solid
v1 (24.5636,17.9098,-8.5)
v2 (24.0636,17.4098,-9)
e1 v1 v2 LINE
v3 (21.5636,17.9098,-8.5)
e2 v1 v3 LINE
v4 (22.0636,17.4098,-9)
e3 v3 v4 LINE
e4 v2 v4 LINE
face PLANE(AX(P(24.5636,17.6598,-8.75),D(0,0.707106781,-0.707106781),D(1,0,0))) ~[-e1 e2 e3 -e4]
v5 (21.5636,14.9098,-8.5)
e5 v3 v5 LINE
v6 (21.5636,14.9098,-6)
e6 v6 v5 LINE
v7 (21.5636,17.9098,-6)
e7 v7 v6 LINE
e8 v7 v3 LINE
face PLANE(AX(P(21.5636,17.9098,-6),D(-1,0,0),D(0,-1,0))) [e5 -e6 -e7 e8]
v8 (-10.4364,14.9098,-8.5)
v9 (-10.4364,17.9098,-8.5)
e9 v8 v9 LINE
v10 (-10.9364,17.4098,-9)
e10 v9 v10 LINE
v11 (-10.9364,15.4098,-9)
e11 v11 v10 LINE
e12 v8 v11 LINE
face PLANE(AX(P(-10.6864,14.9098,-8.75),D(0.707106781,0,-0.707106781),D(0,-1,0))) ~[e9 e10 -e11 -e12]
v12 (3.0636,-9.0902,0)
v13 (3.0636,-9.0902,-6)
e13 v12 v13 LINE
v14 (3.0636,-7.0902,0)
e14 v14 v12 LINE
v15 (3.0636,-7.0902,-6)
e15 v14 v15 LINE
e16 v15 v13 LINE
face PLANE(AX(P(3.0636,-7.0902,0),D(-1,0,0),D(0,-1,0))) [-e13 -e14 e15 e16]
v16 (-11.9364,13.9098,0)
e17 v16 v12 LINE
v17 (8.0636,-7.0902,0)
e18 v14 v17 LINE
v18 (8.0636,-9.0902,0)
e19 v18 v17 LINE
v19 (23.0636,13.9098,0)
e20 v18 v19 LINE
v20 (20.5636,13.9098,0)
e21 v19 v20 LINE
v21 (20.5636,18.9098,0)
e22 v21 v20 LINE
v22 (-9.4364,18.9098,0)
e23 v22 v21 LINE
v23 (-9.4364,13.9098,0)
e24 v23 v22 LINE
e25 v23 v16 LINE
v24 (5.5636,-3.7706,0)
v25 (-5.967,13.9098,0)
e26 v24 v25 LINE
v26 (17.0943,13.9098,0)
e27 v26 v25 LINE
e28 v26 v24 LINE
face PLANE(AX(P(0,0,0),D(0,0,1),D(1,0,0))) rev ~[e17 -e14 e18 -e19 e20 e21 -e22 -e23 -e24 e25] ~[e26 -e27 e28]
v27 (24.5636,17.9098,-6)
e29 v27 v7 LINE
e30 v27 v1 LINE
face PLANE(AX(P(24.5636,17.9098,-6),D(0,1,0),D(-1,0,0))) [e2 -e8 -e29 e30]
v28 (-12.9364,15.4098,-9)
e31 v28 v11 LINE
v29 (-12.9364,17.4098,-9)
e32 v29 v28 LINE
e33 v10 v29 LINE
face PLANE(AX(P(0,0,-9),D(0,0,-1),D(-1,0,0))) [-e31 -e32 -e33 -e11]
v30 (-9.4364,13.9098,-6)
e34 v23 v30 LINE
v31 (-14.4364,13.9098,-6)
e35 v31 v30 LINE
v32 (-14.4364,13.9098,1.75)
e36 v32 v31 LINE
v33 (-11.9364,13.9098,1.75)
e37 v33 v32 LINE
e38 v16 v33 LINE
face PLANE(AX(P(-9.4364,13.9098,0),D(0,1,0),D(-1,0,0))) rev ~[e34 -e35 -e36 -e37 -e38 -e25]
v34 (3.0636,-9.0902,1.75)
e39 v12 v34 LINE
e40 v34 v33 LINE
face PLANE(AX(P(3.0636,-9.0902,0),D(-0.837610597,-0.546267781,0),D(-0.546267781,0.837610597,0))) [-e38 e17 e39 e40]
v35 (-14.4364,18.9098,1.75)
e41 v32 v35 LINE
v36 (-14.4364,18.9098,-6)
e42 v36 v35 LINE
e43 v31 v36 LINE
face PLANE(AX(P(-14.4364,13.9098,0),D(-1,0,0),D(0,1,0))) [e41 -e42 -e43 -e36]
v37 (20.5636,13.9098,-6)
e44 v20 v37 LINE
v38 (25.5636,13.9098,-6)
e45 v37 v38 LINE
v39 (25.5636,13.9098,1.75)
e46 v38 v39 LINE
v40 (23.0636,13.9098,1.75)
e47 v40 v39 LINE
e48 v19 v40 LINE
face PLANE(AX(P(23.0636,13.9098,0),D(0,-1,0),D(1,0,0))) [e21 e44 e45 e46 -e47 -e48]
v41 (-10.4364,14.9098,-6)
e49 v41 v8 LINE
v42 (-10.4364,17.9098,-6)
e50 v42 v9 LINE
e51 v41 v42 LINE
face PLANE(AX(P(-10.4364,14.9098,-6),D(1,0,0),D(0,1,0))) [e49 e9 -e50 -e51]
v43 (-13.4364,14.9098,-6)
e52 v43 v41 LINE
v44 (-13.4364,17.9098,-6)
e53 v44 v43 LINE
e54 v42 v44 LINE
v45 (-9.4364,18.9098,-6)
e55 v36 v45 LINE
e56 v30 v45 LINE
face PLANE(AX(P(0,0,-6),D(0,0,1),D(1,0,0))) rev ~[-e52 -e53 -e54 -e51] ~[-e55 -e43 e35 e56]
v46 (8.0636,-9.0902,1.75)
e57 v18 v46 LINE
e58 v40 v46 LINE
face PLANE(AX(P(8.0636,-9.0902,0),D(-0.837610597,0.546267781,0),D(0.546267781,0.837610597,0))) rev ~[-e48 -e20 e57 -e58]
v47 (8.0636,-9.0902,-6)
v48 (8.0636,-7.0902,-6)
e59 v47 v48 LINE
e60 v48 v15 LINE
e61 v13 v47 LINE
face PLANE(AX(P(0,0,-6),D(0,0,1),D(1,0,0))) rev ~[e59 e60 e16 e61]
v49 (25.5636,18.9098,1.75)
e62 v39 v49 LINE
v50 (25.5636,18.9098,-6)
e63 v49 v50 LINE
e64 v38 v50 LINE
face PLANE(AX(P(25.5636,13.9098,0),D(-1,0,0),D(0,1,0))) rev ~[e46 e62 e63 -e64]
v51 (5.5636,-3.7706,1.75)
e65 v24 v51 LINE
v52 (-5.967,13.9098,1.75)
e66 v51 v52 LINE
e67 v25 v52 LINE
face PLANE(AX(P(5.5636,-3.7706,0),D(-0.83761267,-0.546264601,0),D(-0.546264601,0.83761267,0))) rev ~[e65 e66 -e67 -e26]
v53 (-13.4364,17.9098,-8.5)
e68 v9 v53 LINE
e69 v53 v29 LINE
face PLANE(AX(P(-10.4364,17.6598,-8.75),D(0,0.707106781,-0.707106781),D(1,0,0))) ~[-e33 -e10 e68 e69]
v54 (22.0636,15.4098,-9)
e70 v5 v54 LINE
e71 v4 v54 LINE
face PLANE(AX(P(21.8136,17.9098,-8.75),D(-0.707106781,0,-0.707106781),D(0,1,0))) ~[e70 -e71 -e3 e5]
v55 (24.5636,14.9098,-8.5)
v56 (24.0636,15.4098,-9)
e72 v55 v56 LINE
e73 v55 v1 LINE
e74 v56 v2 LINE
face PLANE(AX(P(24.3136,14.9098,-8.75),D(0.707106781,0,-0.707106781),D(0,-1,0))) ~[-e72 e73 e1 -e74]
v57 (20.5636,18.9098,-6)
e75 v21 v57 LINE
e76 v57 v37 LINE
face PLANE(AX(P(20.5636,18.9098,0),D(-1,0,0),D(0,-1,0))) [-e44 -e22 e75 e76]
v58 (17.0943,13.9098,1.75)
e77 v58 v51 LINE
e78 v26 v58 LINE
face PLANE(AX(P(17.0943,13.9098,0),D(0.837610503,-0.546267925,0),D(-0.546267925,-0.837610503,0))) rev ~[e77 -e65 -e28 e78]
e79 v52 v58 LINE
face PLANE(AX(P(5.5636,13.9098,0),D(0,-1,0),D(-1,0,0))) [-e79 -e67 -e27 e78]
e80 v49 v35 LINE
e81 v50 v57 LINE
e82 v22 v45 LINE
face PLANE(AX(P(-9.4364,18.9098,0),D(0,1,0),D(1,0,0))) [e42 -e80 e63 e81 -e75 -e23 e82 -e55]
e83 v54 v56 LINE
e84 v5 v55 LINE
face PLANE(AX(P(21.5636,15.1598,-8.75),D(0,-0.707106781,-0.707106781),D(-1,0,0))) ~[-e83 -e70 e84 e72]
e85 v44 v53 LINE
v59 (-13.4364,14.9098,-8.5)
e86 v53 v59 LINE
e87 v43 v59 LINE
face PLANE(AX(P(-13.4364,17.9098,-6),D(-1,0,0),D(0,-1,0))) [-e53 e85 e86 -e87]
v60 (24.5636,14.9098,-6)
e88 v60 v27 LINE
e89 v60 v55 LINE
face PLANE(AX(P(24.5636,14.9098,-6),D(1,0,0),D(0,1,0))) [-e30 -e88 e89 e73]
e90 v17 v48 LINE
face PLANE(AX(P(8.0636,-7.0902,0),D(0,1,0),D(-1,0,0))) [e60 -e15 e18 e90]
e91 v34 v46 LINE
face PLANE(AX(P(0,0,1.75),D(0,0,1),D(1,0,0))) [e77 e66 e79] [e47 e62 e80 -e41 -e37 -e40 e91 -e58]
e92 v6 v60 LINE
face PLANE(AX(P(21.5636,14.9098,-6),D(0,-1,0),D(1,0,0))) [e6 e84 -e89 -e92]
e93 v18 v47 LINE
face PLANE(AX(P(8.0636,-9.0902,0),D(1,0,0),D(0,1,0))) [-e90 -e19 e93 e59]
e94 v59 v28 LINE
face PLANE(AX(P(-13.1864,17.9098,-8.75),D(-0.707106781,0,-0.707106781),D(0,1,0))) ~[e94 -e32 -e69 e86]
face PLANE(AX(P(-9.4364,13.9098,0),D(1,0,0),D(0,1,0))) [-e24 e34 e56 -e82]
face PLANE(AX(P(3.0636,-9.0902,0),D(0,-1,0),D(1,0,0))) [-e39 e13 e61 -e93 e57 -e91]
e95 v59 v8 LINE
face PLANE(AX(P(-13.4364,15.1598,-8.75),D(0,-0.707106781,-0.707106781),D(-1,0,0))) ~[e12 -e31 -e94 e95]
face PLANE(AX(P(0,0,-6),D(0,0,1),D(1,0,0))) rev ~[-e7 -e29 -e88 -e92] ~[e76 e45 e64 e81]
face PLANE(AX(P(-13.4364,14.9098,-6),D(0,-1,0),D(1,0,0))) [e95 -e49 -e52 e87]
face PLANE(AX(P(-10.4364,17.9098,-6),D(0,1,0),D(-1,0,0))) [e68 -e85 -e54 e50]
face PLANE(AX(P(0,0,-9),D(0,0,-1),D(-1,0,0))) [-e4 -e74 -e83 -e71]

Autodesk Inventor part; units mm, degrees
ref_plane "YZ Plane" through (0, 0, 0) normal (1, 0, 0) x (0, 1, 0)
ref_plane "XZ Plane" through (0, 0, 0) normal (0, 1, 0) x (-1, 0, 0)
ref_plane "XY Plane" through (0, 0, 0) normal (0, 0, 1) x (1, 0, 0)
sketch "Sketch1" plane through (0, 0, 0) normal (0, 0, 1) x (1, 0, 0)
  line L0 (20.5636, -7.0902) -> (-9.4364, -7.0902)
  line L1 (-9.4364, -7.0902) -> (-9.4364, 33.4098)
  line L2 (-9.4364, 33.4098) -> (20.5636, 33.4098)
  line L3 (20.5636, 33.4098) -> (20.5636, -7.0902)
  line L4 (20.5636, 13.9098) -> (-9.4364, 13.9098)
  line L5 (20.5636, 13.9098) -> (25.5636, 13.9098)
  line L6 (25.5636, 13.9098) -> (25.5636, 18.9098)
  line L7 (25.5636, 18.9098) -> (20.5636, 18.9098)
  line L8 (5.5636, -7.0902) -> (5.5636, 33.4098)
  line L9 (-9.4364, 13.9098) -> (-14.4364, 13.9098)
  line L10 (-14.4364, 13.9098) -> (-14.4364, 18.9098)
  line L11 (-14.4364, 18.9098) -> (-9.4364, 18.9098)
  line L12 (3.0636, -7.0902) -> (3.0636, -9.0902)
  line L13 (3.0636, -9.0902) -> (8.0636, -9.0902)
  line L14 (8.0636, -9.0902) -> (8.0636, -7.0902)
  line L15 (3.0636, -9.0902) -> (-11.9364, 13.9098)
  line L16 (8.0636, -9.0902) -> (23.0636, 13.9098)
  line L17 (-9.4364, 18.9098) -> (20.5636, 18.9098)
  line L18 (17.0943, 13.9098) -> (5.5636, -3.7706)
  line L19 (5.5636, -3.7706) -> (-5.967, 13.9098)
  point P0 (0, 0)
  point P1 (20.5636, 9.5176)
  point P2 (-9.4364, 9.5176)
  point P3 (5.5636, -1.9167)
  point P4 (-9.4364, 13.9098)
  dimension "d0" = 30
  dimension "d1" = 40.5
  dimension "d4" = 5
  dimension "d5" = 5
  dimension "d7" = 2
  dimension "d8" = 5
  dimension "d9" = 2.5
  dimension "d12" = 23
  dimension "d15" = 5
extrude "Extrusion1" add sketch "Sketch1" along normal blind 1.75 contours L14 L13 L12 L0 | L0 L8 L18 L4 L3 L16 | L0 L16 L14 | L0 L15 L1 L4 L19 L8 | L12 L15 L0 | L3 L5 L16 | L8 L17 L3 L4 | L4 L1 L17 L8 | L3 L7 L6 L5 | L15 L9 L1 | L9 L10 L11 L1
extrude "Extrusion2" add sketch "Sketch1" against normal blind 6 contours L14 L13 L12 L0
extrude "Extrusion3" add sketch "Sketch1" against normal blind 6 contours L3 L7 L6 L5 | L9 L10 L11 L1
sketch "Sketch3" plane through (0, 0, -6) normal (0, 0, -1) x (-1, 0, 0)
  line L0 (9.4364, 13.9098) -> (14.4364, 13.9098) projected
  line L1 (9.4364, 13.9098) -> (14.4364, 13.9098)
  line L2 (14.4364, 13.9098) -> (14.4364, 18.9098)
  line L3 (14.4364, 18.9098) -> (9.4364, 18.9098)
  line L4 (9.4364, 18.9098) -> (9.4364, 13.9098)
  line L5 (-20.5636, 13.9098) -> (-23.0636, 13.9098) projected
  line L6 (-25.5636, 18.9098) -> (-25.5636, 13.9098) projected
  line L7 (-20.5636, 13.9098) -> (-25.5636, 13.9098)
  line L8 (-25.5636, 13.9098) -> (-25.5636, 18.9098)
  line L9 (-25.5636, 18.9098) -> (-20.5636, 18.9098)
  line L10 (-20.5636, 18.9098) -> (-20.5636, 13.9098)
  line L11 (-21.5636, 14.9098) -> (-24.5636, 14.9098)
  line L12 (-24.5636, 14.9098) -> (-24.5636, 17.9098)
  line L13 (-24.5636, 17.9098) -> (-21.5636, 17.9098)
  line L14 (-21.5636, 17.9098) -> (-21.5636, 14.9098)
  line L15 (13.4364, 17.9098) -> (13.4364, 14.9098)
  line L16 (13.4364, 14.9098) -> (10.4364, 14.9098)
  line L17 (10.4364, 14.9098) -> (10.4364, 17.9098)
  line L18 (10.4364, 17.9098) -> (13.4364, 17.9098)
  point P0 (0, 0)
  dimension "d23" = 1
  dimension "d24" = 1
extrude "Extrusion4" add sketch "Sketch3" along normal blind 3 contours L11 L12 L13 L14 | L15 L16 L17 L18
chamfer "Chamfer2" distance 0.5 angle 45 8 edges at (23.0636, 17.9098, -9) (24.5636, 16.4098, -9) (21.5636, 16.4098, -9) (23.0636, 14.9098, -9) (-13.4364, 16.4098, -9) (-11.9364, 17.9098, -9) (-10.4364, 16.4098, -9) (-11.9364, 14.9098, -9)
equation "\"d5\" = d4"
equation "\"d9\" = 0.5 * d8"
properties part number "BareCalibrationClipBatteryMount"
